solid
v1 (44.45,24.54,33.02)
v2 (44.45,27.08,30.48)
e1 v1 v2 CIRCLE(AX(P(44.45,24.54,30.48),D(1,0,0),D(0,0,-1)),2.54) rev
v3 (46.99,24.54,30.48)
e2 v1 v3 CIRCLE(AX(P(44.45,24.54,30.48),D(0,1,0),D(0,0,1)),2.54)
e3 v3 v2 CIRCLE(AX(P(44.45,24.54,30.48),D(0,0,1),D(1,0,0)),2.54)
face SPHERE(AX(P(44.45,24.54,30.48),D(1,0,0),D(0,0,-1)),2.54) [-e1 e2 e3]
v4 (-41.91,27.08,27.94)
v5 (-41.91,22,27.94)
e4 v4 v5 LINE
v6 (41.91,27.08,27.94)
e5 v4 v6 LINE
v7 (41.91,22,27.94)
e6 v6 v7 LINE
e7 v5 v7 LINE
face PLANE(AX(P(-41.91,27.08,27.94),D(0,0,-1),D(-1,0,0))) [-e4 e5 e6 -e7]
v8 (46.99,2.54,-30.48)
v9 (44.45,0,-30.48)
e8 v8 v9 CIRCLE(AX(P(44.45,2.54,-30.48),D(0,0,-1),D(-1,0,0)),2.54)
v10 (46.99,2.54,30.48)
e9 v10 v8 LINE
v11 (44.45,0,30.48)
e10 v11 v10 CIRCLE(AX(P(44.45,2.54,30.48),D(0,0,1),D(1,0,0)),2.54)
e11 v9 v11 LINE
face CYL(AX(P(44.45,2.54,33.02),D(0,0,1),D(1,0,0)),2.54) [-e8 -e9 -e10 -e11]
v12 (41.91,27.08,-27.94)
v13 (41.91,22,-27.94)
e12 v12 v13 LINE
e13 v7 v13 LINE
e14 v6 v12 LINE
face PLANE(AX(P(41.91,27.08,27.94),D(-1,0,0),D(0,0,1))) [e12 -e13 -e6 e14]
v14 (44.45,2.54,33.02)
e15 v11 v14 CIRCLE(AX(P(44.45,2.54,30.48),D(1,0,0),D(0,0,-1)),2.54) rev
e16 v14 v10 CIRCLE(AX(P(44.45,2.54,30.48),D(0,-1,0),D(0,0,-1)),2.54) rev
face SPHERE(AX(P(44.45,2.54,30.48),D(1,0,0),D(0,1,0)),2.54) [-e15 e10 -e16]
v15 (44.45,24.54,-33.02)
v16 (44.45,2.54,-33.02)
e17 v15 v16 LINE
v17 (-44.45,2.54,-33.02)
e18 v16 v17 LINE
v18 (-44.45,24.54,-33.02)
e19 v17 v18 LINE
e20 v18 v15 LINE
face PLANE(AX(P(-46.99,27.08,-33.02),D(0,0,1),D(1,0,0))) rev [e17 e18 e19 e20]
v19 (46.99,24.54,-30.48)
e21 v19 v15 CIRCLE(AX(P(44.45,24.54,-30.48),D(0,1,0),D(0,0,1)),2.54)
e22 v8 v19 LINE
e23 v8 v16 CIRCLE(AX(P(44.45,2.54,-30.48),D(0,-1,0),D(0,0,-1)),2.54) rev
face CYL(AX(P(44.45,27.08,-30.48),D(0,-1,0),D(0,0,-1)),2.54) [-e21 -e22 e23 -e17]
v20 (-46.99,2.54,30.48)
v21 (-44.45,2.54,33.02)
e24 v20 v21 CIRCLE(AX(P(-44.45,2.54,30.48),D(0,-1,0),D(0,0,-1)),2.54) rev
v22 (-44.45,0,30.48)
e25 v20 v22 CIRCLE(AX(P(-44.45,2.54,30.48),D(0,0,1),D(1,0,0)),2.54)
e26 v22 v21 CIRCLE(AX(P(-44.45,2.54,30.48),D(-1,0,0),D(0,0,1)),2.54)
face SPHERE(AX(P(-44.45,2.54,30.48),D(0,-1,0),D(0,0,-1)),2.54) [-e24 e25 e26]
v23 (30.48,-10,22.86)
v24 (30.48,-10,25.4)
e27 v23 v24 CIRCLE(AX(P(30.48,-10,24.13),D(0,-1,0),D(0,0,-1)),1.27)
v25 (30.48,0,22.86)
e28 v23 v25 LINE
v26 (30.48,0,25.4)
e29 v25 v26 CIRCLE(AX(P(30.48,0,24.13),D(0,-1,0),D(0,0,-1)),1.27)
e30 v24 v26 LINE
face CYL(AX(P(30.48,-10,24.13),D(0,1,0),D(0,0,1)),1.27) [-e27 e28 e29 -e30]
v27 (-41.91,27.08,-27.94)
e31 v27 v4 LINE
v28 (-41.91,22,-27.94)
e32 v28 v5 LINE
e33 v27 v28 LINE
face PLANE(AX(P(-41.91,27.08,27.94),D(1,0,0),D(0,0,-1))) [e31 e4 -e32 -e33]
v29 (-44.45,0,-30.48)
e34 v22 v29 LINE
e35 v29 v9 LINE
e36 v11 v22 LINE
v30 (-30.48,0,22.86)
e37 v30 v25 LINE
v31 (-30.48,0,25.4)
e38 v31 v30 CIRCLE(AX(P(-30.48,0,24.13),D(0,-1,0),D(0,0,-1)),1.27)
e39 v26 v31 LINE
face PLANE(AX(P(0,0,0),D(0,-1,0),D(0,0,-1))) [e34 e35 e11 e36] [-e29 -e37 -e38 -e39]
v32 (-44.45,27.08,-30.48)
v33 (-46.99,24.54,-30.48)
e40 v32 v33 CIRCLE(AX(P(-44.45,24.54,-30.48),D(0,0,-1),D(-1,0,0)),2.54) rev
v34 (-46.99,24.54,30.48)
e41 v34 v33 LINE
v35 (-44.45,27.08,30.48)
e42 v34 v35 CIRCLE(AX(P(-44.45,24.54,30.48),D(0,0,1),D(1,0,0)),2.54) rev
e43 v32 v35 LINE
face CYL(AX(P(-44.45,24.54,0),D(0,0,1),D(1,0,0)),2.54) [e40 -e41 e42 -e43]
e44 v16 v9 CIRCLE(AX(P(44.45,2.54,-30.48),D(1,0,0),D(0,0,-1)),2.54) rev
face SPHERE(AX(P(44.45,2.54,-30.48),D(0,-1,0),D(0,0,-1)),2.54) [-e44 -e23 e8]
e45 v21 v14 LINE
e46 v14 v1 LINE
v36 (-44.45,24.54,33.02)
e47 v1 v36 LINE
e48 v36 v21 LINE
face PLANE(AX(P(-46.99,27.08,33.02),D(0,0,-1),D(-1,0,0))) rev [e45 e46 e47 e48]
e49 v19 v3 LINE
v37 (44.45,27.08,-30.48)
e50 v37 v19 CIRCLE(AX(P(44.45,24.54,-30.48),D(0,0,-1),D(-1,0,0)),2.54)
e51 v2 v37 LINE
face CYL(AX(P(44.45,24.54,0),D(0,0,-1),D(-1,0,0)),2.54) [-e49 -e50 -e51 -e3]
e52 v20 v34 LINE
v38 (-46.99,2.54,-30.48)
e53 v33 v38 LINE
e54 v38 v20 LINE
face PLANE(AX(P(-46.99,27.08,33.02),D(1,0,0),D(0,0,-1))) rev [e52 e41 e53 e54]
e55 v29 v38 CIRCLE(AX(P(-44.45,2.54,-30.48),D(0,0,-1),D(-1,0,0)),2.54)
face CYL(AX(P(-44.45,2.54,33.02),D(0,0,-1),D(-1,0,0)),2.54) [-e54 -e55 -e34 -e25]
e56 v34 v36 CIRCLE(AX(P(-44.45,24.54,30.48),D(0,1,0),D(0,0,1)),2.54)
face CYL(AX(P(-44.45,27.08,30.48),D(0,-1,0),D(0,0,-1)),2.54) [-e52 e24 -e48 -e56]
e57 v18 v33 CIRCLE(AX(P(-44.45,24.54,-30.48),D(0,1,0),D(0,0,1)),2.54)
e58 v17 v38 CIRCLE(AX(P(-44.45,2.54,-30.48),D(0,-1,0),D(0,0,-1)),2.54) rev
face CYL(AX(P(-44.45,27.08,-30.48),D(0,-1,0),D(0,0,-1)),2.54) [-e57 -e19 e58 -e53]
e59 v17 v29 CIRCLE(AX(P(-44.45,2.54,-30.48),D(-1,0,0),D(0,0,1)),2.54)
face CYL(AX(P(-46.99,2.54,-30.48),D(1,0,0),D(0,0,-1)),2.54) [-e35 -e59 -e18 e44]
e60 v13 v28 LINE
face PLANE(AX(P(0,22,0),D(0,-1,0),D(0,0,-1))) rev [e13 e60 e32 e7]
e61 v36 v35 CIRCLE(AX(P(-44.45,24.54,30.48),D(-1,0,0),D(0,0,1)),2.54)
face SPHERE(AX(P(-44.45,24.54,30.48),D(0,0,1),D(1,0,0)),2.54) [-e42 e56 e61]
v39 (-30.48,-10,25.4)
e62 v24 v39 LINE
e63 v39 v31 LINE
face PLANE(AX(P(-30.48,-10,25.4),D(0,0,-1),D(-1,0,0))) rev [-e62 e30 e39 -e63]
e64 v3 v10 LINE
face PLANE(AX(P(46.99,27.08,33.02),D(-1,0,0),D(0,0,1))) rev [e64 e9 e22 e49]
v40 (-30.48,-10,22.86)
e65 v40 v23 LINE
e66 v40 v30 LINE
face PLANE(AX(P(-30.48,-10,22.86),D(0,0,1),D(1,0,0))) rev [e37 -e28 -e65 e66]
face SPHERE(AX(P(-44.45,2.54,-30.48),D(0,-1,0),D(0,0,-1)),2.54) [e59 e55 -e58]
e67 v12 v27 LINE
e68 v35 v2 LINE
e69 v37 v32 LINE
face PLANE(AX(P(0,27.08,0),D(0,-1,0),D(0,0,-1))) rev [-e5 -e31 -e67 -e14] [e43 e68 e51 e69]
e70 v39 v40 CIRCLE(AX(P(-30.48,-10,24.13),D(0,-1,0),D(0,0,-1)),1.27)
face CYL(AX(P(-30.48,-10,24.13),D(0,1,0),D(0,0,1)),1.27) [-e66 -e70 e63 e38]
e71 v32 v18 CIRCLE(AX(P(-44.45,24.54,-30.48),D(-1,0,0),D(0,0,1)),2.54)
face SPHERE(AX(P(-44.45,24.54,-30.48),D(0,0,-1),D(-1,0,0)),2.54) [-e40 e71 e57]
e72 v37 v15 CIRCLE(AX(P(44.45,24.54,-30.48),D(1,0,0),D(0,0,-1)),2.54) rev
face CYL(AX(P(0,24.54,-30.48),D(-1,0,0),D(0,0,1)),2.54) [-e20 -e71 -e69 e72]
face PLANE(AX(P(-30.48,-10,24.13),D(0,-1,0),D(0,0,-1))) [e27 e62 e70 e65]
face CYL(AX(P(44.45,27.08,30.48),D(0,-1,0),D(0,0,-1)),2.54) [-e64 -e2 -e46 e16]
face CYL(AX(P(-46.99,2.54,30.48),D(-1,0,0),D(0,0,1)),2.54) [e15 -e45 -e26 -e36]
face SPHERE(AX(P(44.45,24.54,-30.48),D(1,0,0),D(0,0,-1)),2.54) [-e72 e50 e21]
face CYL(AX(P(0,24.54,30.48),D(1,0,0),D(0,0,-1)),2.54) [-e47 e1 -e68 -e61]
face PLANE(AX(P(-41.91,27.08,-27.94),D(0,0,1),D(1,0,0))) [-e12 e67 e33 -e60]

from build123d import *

# Parameters (mm, degrees)
SKETCH1_W           = 93.98
SKETCH1_H           = 66.04
SKETCH1_W_2         = 83.82
SKETCH1_H_2         = 55.88
BOSS_EXTRUDE1_DEPTH = 27.08
SKETCH3_W           = 83.82
SKETCH3_H           = 55.88
BOSS_EXTRUDE2_DEPTH = 22
BOSS_EXTRUDE3_DEPTH = 10
FILLET1_R           = 2.54


with BuildPart() as part:
    # Sketch1 → Boss-Extrude1 (new body)
    with BuildSketch(Plane(origin=(0, 0, 0), x_dir=(1, 0, 0), z_dir=(0, 1, 0))):
        Rectangle(SKETCH1_W, SKETCH1_H)
        Rectangle(SKETCH1_W_2, SKETCH1_H_2, mode=Mode.SUBTRACT)
    extrude(amount=BOSS_EXTRUDE1_DEPTH)

    # Sketch3 → Boss-Extrude2 (add)
    with BuildSketch(Plane(origin=(0, 0, 0), x_dir=(1, 0, 0), z_dir=(0, 1, 0))):
        Rectangle(SKETCH3_W, SKETCH3_H)
    extrude(amount=BOSS_EXTRUDE2_DEPTH)

    # Sketch4 → Boss-Extrude3 (add)
    with BuildSketch(Plane.XZ):
        with BuildLine():
            Line((-30.48, 25.4), (30.48, 25.4))
            ThreePointArc((30.48, 25.4), (31.75, 24.13), (30.48, 22.86))
            Line((30.48, 22.86), (-30.48, 22.86))
            ThreePointArc((-30.48, 22.86), (-31.75, 24.13), (-30.48, 25.4))
        make_face()
    extrude(amount=BOSS_EXTRUDE3_DEPTH)

    # Fillet1
    fillet1_edges = [part.edges().sort_by_distance(p)[0] for p in [
        (46.99, 27.08, 0),
        (0, 27.08, -33.02),
        (-46.99, 27.08, 0),
        (0, 0, -33.02),
        (46.99, 0, 0),
        (0, 0, 33.02),
        (-46.99, 0, 0),
        (-46.99, 13.54, -33.02),
        (46.99, 13.54, -33.02),
        (46.99, 13.54, 33.02),
        (-46.99, 13.54, 33.02),
        (0, 27.08, 33.02),
    ]]
    fillet(fillet1_edges, radius=FILLET1_R)


solid = part.part
